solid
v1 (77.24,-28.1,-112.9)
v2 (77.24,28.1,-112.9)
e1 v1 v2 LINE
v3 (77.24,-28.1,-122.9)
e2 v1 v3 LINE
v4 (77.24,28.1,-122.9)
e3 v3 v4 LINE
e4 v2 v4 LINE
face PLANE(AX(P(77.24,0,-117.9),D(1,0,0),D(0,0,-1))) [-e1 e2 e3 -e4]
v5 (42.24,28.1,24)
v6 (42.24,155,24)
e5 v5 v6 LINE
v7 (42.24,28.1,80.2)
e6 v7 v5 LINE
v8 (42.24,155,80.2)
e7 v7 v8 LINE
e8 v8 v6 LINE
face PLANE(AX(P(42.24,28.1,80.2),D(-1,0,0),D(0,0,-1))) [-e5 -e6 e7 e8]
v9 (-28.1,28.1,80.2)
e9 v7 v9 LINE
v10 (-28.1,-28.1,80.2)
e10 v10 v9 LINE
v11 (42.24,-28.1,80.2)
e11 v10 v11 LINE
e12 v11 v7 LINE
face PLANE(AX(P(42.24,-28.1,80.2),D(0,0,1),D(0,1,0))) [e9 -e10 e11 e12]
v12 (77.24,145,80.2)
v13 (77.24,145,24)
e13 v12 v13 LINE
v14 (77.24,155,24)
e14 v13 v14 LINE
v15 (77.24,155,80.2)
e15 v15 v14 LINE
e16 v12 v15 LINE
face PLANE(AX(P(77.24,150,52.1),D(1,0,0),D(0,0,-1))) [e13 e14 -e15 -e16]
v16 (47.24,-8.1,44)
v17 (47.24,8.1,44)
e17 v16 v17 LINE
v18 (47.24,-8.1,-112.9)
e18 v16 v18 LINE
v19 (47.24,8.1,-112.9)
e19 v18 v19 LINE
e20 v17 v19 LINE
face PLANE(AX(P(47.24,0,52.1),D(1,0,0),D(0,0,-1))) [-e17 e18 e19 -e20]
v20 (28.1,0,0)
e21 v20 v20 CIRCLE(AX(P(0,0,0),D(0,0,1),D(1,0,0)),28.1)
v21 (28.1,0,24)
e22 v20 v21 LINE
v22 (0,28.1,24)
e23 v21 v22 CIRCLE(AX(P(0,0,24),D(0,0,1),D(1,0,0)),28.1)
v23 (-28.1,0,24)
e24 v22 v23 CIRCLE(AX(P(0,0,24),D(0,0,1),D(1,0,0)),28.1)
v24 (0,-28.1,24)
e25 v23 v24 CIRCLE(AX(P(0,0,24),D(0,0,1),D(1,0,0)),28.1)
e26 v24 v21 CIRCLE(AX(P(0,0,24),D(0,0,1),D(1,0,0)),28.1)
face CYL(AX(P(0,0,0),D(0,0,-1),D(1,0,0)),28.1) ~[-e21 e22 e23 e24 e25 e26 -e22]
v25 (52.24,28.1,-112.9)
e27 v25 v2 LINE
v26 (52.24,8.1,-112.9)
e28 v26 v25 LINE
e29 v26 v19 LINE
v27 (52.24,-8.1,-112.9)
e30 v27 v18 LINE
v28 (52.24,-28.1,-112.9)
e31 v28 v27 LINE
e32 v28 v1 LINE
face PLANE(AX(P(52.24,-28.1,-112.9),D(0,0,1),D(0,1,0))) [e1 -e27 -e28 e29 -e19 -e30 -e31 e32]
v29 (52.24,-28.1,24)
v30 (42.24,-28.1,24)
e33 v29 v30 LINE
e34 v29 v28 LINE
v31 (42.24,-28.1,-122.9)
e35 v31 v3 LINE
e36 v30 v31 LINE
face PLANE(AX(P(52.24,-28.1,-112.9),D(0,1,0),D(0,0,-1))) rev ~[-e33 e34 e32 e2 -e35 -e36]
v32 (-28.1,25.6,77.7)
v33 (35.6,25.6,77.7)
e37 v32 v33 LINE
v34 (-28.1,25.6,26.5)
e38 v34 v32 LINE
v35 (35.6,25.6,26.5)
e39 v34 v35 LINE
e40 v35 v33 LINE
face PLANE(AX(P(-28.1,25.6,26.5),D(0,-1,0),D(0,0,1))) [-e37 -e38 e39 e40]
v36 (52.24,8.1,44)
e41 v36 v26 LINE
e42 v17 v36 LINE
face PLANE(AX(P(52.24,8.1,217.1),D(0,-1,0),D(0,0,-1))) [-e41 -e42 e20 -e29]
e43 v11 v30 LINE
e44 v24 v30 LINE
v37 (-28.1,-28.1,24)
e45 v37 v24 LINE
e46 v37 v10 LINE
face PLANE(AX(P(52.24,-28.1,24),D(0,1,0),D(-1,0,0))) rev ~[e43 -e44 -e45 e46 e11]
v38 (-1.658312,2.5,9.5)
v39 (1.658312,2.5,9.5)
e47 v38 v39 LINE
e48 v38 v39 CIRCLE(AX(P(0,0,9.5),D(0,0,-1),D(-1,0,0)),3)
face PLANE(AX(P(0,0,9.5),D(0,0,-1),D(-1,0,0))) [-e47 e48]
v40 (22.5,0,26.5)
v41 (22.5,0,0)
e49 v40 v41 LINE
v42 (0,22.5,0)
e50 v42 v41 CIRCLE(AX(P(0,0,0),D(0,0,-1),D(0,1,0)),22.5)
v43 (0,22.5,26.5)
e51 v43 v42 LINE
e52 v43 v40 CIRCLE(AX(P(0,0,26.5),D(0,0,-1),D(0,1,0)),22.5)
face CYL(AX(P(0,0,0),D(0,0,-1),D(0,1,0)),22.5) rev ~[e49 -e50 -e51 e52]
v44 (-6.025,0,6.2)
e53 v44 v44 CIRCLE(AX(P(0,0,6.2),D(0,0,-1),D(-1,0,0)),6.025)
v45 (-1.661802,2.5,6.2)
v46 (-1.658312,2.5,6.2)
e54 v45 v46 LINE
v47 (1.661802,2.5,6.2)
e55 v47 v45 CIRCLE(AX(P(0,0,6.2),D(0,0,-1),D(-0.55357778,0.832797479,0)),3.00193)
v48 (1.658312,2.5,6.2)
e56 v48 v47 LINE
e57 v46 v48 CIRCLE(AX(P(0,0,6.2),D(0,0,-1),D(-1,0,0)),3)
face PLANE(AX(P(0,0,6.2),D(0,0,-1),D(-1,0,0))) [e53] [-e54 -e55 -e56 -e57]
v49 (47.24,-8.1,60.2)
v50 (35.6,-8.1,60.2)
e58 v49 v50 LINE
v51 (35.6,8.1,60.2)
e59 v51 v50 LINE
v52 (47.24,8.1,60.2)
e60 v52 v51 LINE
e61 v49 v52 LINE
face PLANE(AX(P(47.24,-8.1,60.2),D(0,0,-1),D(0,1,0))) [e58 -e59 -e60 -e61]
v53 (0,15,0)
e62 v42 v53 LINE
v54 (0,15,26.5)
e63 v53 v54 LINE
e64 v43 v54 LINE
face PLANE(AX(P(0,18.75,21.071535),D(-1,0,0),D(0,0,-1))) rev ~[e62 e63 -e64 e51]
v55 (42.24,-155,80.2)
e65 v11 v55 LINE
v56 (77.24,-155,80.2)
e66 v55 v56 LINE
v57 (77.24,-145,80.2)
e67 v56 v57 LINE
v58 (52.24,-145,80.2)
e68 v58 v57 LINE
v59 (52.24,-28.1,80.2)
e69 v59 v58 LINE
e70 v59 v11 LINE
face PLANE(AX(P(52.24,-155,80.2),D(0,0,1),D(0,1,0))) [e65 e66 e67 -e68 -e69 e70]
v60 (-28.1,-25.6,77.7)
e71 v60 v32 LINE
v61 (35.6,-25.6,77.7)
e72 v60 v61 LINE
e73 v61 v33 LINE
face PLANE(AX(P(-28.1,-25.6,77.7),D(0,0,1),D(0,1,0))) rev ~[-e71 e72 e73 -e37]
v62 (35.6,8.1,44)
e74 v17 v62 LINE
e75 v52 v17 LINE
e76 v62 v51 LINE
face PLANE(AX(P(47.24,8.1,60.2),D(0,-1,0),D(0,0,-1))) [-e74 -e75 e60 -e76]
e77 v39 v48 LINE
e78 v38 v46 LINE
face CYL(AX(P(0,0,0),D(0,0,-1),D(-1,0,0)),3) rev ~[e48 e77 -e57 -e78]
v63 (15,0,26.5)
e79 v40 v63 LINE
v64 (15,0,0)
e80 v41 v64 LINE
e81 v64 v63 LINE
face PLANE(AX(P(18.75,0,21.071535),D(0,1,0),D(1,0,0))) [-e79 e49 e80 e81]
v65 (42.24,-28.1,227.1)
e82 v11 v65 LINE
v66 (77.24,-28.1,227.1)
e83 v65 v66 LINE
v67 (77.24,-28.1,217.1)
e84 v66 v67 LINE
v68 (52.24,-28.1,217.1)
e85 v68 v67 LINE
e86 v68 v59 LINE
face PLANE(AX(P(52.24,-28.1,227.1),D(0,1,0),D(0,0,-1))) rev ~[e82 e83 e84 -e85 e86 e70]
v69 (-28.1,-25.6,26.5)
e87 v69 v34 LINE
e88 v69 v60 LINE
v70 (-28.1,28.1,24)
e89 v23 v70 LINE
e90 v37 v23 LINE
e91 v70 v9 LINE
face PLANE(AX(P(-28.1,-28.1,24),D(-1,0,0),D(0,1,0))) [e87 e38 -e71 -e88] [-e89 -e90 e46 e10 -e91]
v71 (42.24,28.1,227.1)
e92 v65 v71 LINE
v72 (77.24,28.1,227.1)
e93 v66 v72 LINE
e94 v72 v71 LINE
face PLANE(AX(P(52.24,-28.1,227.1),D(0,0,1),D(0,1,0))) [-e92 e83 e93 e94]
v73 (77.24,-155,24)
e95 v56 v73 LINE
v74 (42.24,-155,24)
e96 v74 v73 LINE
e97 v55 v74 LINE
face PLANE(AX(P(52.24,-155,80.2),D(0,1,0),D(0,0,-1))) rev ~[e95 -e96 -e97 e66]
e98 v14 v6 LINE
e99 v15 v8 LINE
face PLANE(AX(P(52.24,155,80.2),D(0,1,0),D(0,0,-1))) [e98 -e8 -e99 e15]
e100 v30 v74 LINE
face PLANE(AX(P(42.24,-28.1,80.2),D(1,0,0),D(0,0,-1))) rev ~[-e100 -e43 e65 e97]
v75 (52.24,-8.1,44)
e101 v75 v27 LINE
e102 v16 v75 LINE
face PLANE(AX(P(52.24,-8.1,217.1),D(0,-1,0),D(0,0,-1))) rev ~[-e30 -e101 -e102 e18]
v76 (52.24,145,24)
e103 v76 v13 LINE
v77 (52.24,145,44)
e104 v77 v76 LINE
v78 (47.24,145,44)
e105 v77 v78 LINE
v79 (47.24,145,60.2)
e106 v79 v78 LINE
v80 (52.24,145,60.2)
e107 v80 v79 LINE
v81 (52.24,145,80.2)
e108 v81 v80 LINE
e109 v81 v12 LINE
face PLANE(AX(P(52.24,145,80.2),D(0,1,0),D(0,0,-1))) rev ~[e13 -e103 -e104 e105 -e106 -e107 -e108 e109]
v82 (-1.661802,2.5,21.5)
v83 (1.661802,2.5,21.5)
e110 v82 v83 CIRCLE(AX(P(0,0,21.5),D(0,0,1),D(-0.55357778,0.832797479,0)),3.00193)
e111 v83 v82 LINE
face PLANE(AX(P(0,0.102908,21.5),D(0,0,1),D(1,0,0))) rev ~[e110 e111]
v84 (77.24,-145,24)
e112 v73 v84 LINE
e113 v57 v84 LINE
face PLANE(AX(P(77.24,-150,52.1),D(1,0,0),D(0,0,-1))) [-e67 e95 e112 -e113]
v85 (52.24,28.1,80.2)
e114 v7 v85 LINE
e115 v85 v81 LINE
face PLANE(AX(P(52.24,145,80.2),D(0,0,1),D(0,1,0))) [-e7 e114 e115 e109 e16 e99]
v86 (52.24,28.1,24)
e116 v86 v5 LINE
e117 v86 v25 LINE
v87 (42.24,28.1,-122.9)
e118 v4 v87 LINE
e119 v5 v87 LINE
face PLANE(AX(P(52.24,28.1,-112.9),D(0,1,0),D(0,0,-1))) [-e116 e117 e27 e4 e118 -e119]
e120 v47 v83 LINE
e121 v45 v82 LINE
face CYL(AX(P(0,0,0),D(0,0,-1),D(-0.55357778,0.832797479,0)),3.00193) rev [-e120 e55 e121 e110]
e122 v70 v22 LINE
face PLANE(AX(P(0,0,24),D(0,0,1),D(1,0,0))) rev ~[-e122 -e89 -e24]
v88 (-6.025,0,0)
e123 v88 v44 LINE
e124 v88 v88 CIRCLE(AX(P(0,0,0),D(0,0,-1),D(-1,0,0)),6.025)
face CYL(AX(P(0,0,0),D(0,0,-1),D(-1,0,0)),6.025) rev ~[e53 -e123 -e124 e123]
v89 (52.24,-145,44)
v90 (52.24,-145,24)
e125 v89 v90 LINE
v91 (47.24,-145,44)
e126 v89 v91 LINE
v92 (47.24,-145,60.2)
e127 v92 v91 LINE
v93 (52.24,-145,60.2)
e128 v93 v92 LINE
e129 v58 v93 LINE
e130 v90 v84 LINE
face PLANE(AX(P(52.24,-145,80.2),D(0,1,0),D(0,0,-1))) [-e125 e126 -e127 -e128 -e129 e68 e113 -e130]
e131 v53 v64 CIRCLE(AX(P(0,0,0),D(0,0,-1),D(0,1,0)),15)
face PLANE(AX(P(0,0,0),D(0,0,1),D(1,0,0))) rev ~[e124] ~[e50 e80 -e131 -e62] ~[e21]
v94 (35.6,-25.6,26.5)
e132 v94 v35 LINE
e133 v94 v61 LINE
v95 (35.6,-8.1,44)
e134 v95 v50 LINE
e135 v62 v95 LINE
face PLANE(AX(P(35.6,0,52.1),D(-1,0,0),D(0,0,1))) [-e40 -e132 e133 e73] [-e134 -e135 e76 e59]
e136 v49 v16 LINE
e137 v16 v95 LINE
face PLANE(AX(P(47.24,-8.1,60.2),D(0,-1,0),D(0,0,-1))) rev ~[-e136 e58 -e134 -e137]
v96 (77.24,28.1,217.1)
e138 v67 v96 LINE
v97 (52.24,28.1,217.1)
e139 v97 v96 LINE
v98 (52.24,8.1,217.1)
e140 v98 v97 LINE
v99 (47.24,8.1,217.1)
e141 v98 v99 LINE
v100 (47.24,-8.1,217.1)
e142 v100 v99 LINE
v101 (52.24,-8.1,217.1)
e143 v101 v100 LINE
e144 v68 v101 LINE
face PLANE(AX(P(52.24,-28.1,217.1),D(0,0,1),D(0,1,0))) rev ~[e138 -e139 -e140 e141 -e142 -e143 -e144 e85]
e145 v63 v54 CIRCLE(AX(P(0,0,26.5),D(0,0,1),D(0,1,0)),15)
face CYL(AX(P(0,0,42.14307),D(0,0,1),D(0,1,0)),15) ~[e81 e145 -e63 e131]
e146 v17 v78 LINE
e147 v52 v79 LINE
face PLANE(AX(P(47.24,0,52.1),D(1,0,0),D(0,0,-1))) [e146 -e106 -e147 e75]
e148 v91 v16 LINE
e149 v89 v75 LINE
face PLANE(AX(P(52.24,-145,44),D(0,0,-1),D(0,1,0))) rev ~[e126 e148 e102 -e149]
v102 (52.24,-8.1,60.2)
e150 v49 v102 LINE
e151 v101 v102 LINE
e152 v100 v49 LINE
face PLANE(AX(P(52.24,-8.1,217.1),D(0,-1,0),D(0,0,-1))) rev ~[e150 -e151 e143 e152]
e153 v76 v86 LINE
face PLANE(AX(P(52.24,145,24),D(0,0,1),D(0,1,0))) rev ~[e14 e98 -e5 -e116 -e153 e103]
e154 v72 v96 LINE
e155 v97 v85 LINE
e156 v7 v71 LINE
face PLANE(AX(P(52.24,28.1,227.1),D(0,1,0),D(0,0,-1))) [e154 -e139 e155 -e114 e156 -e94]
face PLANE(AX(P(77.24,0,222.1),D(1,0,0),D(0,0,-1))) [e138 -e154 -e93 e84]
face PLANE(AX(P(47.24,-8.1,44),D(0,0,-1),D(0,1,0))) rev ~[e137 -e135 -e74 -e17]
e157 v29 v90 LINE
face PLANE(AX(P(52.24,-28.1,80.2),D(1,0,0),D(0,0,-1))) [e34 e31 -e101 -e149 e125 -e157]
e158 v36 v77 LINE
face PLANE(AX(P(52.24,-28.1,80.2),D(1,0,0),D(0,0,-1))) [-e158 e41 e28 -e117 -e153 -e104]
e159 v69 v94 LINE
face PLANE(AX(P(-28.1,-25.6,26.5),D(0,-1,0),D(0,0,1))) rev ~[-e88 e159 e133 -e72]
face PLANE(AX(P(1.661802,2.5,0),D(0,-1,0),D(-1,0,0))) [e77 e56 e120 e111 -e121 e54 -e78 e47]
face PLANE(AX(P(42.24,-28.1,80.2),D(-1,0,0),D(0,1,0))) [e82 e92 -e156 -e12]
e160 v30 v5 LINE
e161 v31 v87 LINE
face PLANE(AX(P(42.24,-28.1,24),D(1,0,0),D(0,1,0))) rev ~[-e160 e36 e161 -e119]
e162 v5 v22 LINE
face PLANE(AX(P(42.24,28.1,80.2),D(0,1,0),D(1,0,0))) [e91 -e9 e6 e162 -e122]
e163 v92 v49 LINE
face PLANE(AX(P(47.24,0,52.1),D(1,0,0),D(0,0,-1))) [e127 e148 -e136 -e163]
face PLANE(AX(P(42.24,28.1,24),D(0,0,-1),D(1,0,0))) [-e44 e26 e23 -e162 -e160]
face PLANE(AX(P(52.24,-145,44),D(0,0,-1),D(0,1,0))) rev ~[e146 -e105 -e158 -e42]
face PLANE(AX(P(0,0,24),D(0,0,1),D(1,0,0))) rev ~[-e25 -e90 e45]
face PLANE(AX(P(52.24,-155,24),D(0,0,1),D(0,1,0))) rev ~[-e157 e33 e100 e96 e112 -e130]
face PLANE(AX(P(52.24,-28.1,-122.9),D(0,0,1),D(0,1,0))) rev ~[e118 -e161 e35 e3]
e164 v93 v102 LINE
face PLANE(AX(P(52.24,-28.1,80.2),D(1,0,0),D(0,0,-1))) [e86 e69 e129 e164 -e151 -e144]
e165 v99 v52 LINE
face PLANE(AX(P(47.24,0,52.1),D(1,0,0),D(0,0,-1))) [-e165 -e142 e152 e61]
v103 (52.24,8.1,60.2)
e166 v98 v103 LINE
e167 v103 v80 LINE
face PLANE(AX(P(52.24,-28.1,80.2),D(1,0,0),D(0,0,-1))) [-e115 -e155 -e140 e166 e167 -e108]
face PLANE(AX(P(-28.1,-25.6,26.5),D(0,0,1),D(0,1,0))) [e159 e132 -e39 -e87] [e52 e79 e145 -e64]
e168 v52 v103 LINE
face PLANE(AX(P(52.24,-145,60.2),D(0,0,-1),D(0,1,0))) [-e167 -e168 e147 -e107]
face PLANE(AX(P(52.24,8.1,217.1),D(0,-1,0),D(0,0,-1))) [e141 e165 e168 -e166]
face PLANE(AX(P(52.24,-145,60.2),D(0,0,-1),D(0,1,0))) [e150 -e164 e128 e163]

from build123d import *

# Parameters (mm, degrees)
SKETCH1_R            = 28.1
BOSS_EXTRUDE2_DEPTH  = 24
CUT_EXTRUDE2_DEPTH   = 21.5
SKETCH4_R            = 3
CUT_EXTRUDE3_DEPTH   = 9.5
SKETCH6_R            = 6.025
CUT_EXTRUDE4_DEPTH   = 6.2
SKETCH7_W            = 56.2
SKETCH7_H            = 56.2
BOSS_EXTRUDE3_DEPTH  = 56.2
SKETCH8_W            = 56.2
SKETCH8_H            = 56.2
BOSS_EXTRUDE4_DEPTH  = 14.14
SKETCH10_W           = 56.2
SKETCH10_H           = 56.2
BOSS_EXTRUDE5_DEPTH  = 10
SKETCH11_W           = 10
SKETCH11_H           = 56.2
BOSS_EXTRUDE6_DEPTH  = 146.9
SKETCH12_W           = 10
SKETCH12_H           = 56.2
BOSS_EXTRUDE7_DEPTH  = 126.9
SKETCH13_W           = 10
SKETCH13_H           = 56.2
BOSS_EXTRUDE8_DEPTH  = 146.9
SKETCH14_W           = 10
SKETCH14_H           = 56.2
BOSS_EXTRUDE9_DEPTH  = 126.9
SKETCH15_W           = 10
SKETCH15_H           = 56.2
BOSS_EXTRUDE10_DEPTH = 25
SKETCH16_W           = 10
SKETCH16_H           = 56.2
BOSS_EXTRUDE11_DEPTH = 25
SKETCH17_W           = 56.2
SKETCH17_H           = 10
BOSS_EXTRUDE12_DEPTH = 25
SKETCH18_W           = 56.2
SKETCH18_H           = 10
BOSS_EXTRUDE13_DEPTH = 25
SKETCH19_W           = 51.2
SKETCH19_H           = 51.2
CUT_EXTRUDE5_DEPTH   = 63.7
SKETCH23_W           = 330
SKETCH23_H           = 16.2
CUT_EXTRUDE7_DEPTH   = 5
SKETCH24_W           = 16.2
SKETCH24_H           = 290
CUT_EXTRUDE8_DEPTH   = 5
SKETCH25_W           = 16.2
SKETCH25_H           = 16.2
CUT_EXTRUDE12_DEPTH  = 25


with BuildPart() as part:
    # Sketch1 → Boss-Extrude2 (new body)
    with BuildSketch(Plane.XY):
        Circle(SKETCH1_R)
    extrude(amount=BOSS_EXTRUDE2_DEPTH)

    # Sketch3 → Cut-Extrude2 (cut)
    with BuildSketch(Plane(origin=(0, 0, 0), x_dir=(-1, 0, 0), z_dir=(0, 0, -1))):
        with BuildLine():
            Line((-1.661801922, 2.5), (1.661801922, 2.5))
            ThreePointArc((1.661801922, 2.5), (0, -3.001930317), (-1.661801922, 2.5))
        make_face()
    extrude(amount=-CUT_EXTRUDE2_DEPTH, mode=Mode.SUBTRACT)

    # Sketch4 → Cut-Extrude3 (cut)
    with BuildSketch(Plane(origin=(0, 0, 0), x_dir=(-1, 0, 0), z_dir=(0, 0, -1))):
        Circle(SKETCH4_R)
    extrude(amount=-CUT_EXTRUDE3_DEPTH, mode=Mode.SUBTRACT)

    # Sketch6 → Cut-Extrude4 (cut)
    with BuildSketch(Plane(origin=(0, 0, 0), x_dir=(-1, 0, 0), z_dir=(0, 0, -1))):
        Circle(SKETCH6_R)
    extrude(amount=-CUT_EXTRUDE4_DEPTH, mode=Mode.SUBTRACT)

    # Sketch7 → Boss-Extrude3 (add)
    with BuildSketch(Plane.XY.offset(24)):
        Rectangle(SKETCH7_W, SKETCH7_H)
    extrude(amount=BOSS_EXTRUDE3_DEPTH)

    # Sketch8 → Boss-Extrude4 (add)
    with BuildSketch(Plane(origin=(28.1, 0, 0), x_dir=(0, 0, -1), z_dir=(1, 0, 0))):
        with Locations((-52.1, 0)):
            Rectangle(SKETCH8_W, SKETCH8_H)
    extrude(amount=BOSS_EXTRUDE4_DEPTH)

    # Sketch10 → Boss-Extrude5 (add)
    with BuildSketch(Plane(origin=(42.24, 0, 0), x_dir=(0, 0, -1), z_dir=(1, 0, 0))):
        with Locations((-52.1, 0)):
            Rectangle(SKETCH10_W, SKETCH10_H)
    extrude(amount=BOSS_EXTRUDE5_DEPTH)

    # Sketch11 → Boss-Extrude6 (add)
    with BuildSketch(Plane.XY.offset(80.2)):
        with Locations((47.24, 0)):
            Rectangle(SKETCH11_W, SKETCH11_H)
    extrude(amount=BOSS_EXTRUDE6_DEPTH)

    # Sketch12 → Boss-Extrude7 (add)
    with BuildSketch(Plane(origin=(0, 28.1, 0), x_dir=(1, 0, 0), z_dir=(0, 1, 0))):
        with Locations((47.24, -52.1)):
            Rectangle(SKETCH12_W, SKETCH12_H)
    extrude(amount=BOSS_EXTRUDE7_DEPTH)

    # Sketch13 → Boss-Extrude8 (add)
    with BuildSketch(Plane(origin=(0, 0, 24), x_dir=(-1, 0, 0), z_dir=(0, 0, -1))):
        with Locations((-47.24, 0)):
            Rectangle(SKETCH13_W, SKETCH13_H)
    extrude(amount=BOSS_EXTRUDE8_DEPTH)

    # Sketch14 → Boss-Extrude9 (add)
    with BuildSketch(Plane(origin=(0, -28.1, 0), x_dir=(-1, 0, 0), z_dir=(0, -1, 0))):
        with Locations((-47.24, -52.1)):
            Rectangle(SKETCH14_W, SKETCH14_H)
    extrude(amount=BOSS_EXTRUDE9_DEPTH)

    # Sketch15 → Boss-Extrude10 (add)
    with BuildSketch(Plane(origin=(52.24, 0, 0), x_dir=(0, 0, -1), z_dir=(1, 0, 0))):
        with Locations((-222.1, 0)):
            Rectangle(SKETCH15_W, SKETCH15_H)
    extrude(amount=BOSS_EXTRUDE10_DEPTH)

    # Sketch16 → Boss-Extrude11 (add)
    with BuildSketch(Plane(origin=(52.24, 0, 0), x_dir=(0, 0, -1), z_dir=(1, 0, 0))):
        with Locations((117.9, 0)):
            Rectangle(SKETCH16_W, SKETCH16_H)
    extrude(amount=BOSS_EXTRUDE11_DEPTH)

    # Sketch17 → Boss-Extrude12 (add)
    with BuildSketch(Plane(origin=(52.24, 0, 0), x_dir=(0, 0, -1), z_dir=(1, 0, 0))):
        with Locations((-52.1, 150)):
            Rectangle(SKETCH17_W, SKETCH17_H)
    extrude(amount=BOSS_EXTRUDE12_DEPTH)

    # Sketch18 → Boss-Extrude13 (add)
    with BuildSketch(Plane(origin=(52.24, 0, 0), x_dir=(0, 0, -1), z_dir=(1, 0, 0))):
        with Locations((-52.1, -150)):
            Rectangle(SKETCH18_W, SKETCH18_H)
    extrude(amount=BOSS_EXTRUDE13_DEPTH)

    # Sketch19 → Cut-Extrude5 (cut)
    with BuildSketch(Plane.ZY.offset(28.1)):
        with Locations((52.1, 0)):
            Rectangle(SKETCH19_W, SKETCH19_H)
    extrude(amount=-CUT_EXTRUDE5_DEPTH, mode=Mode.SUBTRACT)

    # Cut-Sweep2: sweep along a path in Sketch20
    with BuildLine(Plane(origin=(0, 0, 0), x_dir=(-1, 0, 0), z_dir=(0, 0, -1))) as cut_sweep2_path:
        ThreePointArc((0, 15), (-10.606601718, 10.606601718), (-15, 0))
    # 3DSketch2 → Cut-Sweep2 (sweep, cut)
    with BuildSketch(Plane(origin=(0, 15, 0), x_dir=(0, 0.17521220324553322, 0.9845306921746249), z_dir=(-1, 0, 0))):
        Polygon((0, 0), (1.314091524, 7.383980191), (42.805237655, 0), (41.491146131, -7.383980191), align=None)
    sweep(path=cut_sweep2_path.line, mode=Mode.SUBTRACT)

    # Sketch23 → Cut-Extrude7 (cut)
    with BuildSketch(Plane(origin=(52.24, 0, 0), x_dir=(0, 0, -1), z_dir=(1, 0, 0))):
        with Locations((-52.1, 0)):
            Rectangle(SKETCH23_W, SKETCH23_H)
    extrude(amount=-CUT_EXTRUDE7_DEPTH, mode=Mode.SUBTRACT)

    # Sketch24 → Cut-Extrude8 (cut)
    with BuildSketch(Plane(origin=(52.24, 0, 0), x_dir=(0, 0, -1), z_dir=(1, 0, 0))):
        with Locations((-52.1, 0)):
            Rectangle(SKETCH24_W, SKETCH24_H)
    extrude(amount=-CUT_EXTRUDE8_DEPTH, mode=Mode.SUBTRACT)

    # Sketch25 → Cut-Extrude12 (cut)
    with BuildSketch(Plane(origin=(47.24, 0, 0), x_dir=(0, 0, -1), z_dir=(1, 0, 0))):
        with Locations((-52.1, 0)):
            Rectangle(SKETCH25_W, SKETCH25_H)
    extrude(amount=-CUT_EXTRUDE12_DEPTH, mode=Mode.SUBTRACT)


solid = part.part
